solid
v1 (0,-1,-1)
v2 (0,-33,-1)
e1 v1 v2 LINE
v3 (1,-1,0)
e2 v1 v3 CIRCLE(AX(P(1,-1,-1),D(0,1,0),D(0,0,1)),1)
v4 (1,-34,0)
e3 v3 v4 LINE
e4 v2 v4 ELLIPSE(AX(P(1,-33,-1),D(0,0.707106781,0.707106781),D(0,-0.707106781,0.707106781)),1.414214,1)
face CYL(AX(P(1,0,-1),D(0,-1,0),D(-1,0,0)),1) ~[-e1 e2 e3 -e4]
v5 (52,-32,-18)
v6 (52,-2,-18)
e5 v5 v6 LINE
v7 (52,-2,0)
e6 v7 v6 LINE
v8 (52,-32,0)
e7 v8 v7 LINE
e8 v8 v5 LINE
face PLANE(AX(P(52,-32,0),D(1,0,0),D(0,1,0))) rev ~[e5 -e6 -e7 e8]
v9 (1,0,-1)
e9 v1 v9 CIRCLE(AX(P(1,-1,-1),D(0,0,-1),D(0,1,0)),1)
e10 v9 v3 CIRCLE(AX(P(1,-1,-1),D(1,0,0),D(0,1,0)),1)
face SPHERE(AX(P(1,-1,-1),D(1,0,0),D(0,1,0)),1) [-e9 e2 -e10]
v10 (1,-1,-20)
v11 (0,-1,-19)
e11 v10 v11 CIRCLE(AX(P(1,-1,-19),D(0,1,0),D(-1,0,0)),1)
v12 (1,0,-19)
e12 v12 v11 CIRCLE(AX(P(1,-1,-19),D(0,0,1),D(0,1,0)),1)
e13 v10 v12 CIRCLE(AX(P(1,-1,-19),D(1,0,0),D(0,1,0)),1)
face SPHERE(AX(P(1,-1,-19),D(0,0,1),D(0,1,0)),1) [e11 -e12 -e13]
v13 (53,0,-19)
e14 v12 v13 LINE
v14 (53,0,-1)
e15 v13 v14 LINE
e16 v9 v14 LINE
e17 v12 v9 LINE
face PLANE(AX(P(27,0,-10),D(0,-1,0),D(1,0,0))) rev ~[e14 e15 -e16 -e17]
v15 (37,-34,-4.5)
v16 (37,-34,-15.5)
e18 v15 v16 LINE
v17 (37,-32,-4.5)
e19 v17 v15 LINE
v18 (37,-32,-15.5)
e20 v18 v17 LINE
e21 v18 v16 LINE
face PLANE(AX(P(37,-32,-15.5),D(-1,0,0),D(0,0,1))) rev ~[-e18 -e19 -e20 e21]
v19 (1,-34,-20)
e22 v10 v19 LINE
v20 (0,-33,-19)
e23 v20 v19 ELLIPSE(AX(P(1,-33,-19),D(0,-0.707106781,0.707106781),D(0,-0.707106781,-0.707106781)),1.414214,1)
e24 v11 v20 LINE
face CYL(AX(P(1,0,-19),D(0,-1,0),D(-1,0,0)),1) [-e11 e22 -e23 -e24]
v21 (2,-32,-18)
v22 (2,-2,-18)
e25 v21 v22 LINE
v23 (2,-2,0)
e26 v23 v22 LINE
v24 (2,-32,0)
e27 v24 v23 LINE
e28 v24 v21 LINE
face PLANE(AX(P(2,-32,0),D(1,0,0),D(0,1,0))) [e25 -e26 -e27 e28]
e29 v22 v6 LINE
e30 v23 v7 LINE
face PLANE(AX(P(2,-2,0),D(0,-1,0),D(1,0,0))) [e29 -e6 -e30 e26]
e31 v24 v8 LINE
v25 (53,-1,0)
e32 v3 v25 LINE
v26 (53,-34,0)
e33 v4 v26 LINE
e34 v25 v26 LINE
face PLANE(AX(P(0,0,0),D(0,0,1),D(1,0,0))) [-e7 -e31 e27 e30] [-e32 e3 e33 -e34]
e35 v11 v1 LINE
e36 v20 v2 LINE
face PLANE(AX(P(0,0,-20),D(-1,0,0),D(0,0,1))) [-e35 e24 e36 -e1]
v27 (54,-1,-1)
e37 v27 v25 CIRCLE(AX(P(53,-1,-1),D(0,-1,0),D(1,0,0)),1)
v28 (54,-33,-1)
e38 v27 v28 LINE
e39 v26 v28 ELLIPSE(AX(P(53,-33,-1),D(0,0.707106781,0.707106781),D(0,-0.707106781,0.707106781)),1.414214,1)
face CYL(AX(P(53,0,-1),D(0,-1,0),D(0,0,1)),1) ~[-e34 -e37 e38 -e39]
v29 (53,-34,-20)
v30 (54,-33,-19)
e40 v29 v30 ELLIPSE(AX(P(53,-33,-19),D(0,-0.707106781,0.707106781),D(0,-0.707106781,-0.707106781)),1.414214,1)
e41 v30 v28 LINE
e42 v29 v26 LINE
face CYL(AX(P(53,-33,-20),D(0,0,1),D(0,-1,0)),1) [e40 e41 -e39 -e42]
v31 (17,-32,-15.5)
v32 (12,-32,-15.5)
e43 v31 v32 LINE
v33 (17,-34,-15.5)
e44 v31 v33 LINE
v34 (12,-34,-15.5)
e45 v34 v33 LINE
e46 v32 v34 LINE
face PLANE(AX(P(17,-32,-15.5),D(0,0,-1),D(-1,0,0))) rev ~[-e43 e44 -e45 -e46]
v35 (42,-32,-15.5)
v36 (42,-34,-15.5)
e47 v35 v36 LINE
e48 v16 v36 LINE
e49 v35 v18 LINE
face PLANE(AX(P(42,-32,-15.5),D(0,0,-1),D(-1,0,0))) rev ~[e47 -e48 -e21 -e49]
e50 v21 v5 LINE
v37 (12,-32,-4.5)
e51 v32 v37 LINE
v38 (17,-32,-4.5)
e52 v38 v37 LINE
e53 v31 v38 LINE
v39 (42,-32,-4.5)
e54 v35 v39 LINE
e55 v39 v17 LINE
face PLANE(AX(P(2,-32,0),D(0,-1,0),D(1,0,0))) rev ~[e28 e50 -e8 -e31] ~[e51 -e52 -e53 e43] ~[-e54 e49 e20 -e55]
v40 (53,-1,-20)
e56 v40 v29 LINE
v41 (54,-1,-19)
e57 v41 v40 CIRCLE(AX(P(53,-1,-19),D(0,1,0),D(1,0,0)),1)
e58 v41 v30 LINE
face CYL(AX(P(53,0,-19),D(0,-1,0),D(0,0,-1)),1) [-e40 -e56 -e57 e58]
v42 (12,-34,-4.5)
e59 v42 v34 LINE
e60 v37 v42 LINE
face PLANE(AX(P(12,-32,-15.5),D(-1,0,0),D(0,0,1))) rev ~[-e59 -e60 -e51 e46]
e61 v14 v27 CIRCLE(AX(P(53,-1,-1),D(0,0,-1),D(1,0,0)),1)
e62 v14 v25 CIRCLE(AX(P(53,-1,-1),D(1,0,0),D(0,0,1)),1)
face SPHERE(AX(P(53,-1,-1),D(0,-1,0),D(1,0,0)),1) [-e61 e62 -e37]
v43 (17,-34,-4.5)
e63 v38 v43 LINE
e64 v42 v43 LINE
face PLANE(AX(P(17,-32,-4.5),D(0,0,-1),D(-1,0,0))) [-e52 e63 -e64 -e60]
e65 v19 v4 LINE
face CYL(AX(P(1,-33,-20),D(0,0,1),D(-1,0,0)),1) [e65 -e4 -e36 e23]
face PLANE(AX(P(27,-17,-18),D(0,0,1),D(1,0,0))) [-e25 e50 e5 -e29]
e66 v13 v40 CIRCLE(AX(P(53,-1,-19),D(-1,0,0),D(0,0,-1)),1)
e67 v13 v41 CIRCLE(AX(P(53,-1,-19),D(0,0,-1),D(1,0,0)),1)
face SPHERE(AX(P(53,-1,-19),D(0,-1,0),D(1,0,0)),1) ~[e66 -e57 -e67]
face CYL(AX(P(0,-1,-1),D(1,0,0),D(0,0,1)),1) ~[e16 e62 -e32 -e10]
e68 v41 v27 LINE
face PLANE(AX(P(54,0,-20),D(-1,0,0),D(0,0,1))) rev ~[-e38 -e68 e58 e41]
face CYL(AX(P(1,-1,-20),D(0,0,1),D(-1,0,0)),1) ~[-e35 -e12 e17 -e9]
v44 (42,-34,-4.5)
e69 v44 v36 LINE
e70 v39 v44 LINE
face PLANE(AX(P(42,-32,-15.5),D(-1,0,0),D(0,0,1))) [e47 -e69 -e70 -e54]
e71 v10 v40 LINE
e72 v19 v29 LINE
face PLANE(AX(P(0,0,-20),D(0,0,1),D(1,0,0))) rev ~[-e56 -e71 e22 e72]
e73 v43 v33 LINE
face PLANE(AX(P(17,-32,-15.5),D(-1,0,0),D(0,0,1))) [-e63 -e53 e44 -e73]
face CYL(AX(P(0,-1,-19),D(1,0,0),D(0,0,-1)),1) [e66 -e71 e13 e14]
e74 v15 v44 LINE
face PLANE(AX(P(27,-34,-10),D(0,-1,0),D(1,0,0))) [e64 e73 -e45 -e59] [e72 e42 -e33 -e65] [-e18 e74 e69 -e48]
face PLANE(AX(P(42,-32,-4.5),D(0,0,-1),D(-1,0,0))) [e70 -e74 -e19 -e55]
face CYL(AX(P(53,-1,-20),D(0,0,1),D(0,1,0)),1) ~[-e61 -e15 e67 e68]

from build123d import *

# Parameters (mm, degrees)
F0_W     = 54
F0_H     = 20
F1_DEPTH = 34
F2_W     = 50
F2_H     = 30
F3_DEPTH = 18
F5_W     = 5
F5_H     = 11
F6_DEPTH = 5
F7_R     = 1


with BuildPart() as f1:
    # F0 (on Front) → F1 (new body)
    with BuildSketch(Plane.XZ):
        with Locations((27, -10)):
            Rectangle(F0_W, F0_H)
    extrude(amount=F1_DEPTH)

    # F2 (on Top) → F3 (cut)
    with BuildSketch(Plane.XY):
        with Locations((27, -17)):
            Rectangle(F2_W, F2_H)
    extrude(amount=-F3_DEPTH, mode=Mode.SUBTRACT)

    # F5 (on offset) → F6 (cut)
    with BuildSketch(Plane(origin=(0, -32, 0), x_dir=(-1, 0, 0), z_dir=(0, 1, 0))):
        with Locations((-14.5, -10)):
            Rectangle(F5_W, F5_H)
        with Locations((-39.5, -9.9999997467)):
            Rectangle(F5_W, F5_H)
    extrude(amount=-F6_DEPTH, mode=Mode.SUBTRACT)

    # F7
    f7_edges = [f1.edges().sort_by_distance(p)[0] for p in [
        (54, -17, -20),
        (54, -17, 0),
        (54, 0, -10),
        (54, -34, -10),
        (27, 0, 0),
        (0, 0, -10),
        (27, 0, -20),
        (0, -17, 0),
        (0, -17, -20),
        (0, -34, -10),
    ]]
    fillet(f7_edges, radius=F7_R)


solid = f1.part
